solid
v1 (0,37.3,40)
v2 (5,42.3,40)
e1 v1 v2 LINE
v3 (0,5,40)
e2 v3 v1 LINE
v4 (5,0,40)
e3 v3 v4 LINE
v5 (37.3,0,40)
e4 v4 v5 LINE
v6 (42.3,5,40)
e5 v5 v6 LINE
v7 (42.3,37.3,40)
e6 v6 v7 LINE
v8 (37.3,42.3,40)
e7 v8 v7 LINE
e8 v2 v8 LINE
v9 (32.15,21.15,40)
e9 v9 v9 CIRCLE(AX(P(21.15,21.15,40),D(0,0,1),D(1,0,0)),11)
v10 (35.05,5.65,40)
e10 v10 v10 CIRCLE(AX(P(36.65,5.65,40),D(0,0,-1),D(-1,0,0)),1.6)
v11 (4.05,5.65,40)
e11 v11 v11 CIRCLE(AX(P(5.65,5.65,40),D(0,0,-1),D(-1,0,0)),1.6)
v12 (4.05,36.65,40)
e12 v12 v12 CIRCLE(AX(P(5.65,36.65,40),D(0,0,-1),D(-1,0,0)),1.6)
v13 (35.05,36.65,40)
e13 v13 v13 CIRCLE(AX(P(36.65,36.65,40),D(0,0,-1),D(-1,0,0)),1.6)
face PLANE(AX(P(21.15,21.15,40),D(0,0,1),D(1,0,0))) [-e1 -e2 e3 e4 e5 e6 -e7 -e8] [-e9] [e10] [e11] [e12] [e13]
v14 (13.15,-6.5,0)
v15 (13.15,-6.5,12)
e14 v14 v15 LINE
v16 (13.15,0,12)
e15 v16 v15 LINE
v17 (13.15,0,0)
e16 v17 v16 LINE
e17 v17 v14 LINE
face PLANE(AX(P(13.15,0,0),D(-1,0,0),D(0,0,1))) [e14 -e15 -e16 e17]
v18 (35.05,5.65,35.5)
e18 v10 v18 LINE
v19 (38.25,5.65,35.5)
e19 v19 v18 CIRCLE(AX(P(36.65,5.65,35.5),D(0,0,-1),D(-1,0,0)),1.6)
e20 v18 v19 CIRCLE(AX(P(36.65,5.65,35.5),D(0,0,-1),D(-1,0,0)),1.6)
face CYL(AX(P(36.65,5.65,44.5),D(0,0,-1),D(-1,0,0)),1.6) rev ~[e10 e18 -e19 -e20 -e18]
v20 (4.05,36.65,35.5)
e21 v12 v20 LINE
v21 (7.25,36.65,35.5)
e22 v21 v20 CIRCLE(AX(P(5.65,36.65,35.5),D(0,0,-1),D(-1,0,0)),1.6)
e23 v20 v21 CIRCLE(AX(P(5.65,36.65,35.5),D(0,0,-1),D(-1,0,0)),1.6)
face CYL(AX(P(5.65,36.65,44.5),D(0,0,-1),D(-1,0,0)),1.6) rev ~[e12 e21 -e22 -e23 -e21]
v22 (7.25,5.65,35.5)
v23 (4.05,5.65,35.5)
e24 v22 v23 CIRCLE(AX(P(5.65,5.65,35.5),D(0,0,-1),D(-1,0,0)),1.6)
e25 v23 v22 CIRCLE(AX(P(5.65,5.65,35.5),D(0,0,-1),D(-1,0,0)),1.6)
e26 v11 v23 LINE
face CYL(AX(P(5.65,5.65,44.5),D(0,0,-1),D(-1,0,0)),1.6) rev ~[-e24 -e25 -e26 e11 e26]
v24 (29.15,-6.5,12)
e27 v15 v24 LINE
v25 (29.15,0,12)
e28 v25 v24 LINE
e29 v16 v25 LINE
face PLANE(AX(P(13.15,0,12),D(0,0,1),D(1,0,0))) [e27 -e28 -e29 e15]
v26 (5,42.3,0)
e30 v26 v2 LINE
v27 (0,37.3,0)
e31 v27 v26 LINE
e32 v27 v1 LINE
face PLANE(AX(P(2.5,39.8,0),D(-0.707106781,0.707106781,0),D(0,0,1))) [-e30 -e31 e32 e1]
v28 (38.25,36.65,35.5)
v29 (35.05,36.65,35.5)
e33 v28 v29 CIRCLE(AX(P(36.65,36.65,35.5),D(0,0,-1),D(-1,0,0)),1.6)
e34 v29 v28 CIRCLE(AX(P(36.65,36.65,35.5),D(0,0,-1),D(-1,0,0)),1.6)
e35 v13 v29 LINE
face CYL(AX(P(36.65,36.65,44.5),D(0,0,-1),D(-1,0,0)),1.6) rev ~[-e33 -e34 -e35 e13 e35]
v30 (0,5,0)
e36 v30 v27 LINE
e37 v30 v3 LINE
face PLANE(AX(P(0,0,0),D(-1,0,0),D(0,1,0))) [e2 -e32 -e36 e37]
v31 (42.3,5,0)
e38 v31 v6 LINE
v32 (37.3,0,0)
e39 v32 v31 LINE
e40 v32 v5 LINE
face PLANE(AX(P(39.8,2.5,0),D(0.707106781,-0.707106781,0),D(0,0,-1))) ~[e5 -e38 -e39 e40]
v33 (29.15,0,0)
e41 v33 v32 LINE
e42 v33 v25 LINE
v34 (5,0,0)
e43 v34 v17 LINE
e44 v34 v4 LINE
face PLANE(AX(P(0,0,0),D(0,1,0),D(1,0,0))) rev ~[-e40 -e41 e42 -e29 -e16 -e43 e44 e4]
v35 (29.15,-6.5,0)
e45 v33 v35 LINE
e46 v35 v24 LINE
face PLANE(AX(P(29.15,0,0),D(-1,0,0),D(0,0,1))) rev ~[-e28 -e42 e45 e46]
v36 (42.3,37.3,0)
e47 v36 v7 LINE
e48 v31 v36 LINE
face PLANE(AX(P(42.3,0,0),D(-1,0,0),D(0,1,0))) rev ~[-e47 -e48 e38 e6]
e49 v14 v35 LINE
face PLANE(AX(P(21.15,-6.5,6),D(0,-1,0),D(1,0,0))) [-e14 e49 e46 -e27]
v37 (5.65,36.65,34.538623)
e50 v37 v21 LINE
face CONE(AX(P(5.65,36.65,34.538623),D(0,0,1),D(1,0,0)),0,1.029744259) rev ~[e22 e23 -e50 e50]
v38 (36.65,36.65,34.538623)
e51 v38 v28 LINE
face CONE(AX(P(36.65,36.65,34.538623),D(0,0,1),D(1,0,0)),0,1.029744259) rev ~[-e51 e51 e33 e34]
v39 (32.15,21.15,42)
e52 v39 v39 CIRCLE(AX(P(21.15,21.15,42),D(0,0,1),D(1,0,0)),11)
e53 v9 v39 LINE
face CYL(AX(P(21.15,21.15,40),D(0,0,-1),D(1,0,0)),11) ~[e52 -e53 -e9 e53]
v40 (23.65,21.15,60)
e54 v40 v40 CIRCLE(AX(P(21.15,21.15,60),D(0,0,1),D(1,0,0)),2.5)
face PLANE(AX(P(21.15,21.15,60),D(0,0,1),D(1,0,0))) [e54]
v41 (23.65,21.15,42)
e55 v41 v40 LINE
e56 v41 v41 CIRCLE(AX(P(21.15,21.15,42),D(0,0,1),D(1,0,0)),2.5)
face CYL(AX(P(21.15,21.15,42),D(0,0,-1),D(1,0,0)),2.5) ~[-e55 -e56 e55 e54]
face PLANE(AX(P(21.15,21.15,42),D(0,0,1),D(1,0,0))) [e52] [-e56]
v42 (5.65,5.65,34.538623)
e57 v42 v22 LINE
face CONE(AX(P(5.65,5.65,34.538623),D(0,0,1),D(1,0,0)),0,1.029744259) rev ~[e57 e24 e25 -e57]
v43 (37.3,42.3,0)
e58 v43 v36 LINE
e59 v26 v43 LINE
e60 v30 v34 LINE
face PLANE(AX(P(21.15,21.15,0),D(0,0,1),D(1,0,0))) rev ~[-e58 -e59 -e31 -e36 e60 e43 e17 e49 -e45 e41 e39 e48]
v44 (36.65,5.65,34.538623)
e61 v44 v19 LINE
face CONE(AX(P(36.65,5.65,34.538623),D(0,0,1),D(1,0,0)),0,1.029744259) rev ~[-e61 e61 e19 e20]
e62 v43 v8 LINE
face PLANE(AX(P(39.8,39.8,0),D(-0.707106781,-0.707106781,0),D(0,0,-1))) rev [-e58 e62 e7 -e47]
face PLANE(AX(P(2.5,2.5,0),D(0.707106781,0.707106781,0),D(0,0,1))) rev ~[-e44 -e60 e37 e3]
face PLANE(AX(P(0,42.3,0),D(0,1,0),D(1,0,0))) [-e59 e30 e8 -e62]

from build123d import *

# Parameters (mm, degrees)
F0_W      = 42.3
F0_H      = 42.3
F1_DEPTH  = 40
F3_D      = 3.2
F3_DEPTH  = 4.5
F3_TIP    = 0.9613769904
F4_R      = 11
F5_DEPTH  = 2
F6_R      = 2.5
F7_DEPTH  = 18
F8_SIZE   = 5
F9_W      = 16
F9_H      = 12
F10_DEPTH = 6.5


with BuildPart() as f1:
    # F0 (on Top) → F1 (new body)
    with BuildSketch(Plane.XY):
        with Locations((21.15, 21.15)):
            Rectangle(F0_W, F0_H)
    extrude(amount=F1_DEPTH)

    # F3
    with Locations(Plane.XY.offset(40)):
        with Locations((5.65, 36.65), (36.65, 36.65), (5.65, 5.65), (36.65, 5.65)):
            Hole(F3_D / 2, depth=F3_DEPTH)
            with Locations((0, 0, -(F3_DEPTH + F3_TIP / 2))):  # 118° drill point
                Cone(0, F3_D / 2, F3_TIP, mode=Mode.SUBTRACT)

    # F4 (on face) → F5 (join)
    with BuildSketch(Plane.XY.offset(40)):
        with Locations((21.15, 21.15)):
            Circle(F4_R)
    extrude(amount=F5_DEPTH)

    # F6 (on face) → F7 (join)
    with BuildSketch(Plane.XY.offset(42)):
        with Locations((21.15, 21.15)):
            Circle(F6_R)
    extrude(amount=F7_DEPTH)

    # F8
    f8_edges = [f1.edges().sort_by_distance(p)[0] for p in [
        (42.3, 42.3, 20),
        (42.3, 0, 20),
        (0, 42.3, 20),
        (0, 0, 20),
    ]]
    chamfer(f8_edges, length=F8_SIZE)

    # F9 (on face) → F10 (join)
    with BuildSketch(Plane.XZ):
        with Locations((21.15, 6)):
            Rectangle(F9_W, F9_H)
    extrude(amount=F10_DEPTH)


solid = f1.part
